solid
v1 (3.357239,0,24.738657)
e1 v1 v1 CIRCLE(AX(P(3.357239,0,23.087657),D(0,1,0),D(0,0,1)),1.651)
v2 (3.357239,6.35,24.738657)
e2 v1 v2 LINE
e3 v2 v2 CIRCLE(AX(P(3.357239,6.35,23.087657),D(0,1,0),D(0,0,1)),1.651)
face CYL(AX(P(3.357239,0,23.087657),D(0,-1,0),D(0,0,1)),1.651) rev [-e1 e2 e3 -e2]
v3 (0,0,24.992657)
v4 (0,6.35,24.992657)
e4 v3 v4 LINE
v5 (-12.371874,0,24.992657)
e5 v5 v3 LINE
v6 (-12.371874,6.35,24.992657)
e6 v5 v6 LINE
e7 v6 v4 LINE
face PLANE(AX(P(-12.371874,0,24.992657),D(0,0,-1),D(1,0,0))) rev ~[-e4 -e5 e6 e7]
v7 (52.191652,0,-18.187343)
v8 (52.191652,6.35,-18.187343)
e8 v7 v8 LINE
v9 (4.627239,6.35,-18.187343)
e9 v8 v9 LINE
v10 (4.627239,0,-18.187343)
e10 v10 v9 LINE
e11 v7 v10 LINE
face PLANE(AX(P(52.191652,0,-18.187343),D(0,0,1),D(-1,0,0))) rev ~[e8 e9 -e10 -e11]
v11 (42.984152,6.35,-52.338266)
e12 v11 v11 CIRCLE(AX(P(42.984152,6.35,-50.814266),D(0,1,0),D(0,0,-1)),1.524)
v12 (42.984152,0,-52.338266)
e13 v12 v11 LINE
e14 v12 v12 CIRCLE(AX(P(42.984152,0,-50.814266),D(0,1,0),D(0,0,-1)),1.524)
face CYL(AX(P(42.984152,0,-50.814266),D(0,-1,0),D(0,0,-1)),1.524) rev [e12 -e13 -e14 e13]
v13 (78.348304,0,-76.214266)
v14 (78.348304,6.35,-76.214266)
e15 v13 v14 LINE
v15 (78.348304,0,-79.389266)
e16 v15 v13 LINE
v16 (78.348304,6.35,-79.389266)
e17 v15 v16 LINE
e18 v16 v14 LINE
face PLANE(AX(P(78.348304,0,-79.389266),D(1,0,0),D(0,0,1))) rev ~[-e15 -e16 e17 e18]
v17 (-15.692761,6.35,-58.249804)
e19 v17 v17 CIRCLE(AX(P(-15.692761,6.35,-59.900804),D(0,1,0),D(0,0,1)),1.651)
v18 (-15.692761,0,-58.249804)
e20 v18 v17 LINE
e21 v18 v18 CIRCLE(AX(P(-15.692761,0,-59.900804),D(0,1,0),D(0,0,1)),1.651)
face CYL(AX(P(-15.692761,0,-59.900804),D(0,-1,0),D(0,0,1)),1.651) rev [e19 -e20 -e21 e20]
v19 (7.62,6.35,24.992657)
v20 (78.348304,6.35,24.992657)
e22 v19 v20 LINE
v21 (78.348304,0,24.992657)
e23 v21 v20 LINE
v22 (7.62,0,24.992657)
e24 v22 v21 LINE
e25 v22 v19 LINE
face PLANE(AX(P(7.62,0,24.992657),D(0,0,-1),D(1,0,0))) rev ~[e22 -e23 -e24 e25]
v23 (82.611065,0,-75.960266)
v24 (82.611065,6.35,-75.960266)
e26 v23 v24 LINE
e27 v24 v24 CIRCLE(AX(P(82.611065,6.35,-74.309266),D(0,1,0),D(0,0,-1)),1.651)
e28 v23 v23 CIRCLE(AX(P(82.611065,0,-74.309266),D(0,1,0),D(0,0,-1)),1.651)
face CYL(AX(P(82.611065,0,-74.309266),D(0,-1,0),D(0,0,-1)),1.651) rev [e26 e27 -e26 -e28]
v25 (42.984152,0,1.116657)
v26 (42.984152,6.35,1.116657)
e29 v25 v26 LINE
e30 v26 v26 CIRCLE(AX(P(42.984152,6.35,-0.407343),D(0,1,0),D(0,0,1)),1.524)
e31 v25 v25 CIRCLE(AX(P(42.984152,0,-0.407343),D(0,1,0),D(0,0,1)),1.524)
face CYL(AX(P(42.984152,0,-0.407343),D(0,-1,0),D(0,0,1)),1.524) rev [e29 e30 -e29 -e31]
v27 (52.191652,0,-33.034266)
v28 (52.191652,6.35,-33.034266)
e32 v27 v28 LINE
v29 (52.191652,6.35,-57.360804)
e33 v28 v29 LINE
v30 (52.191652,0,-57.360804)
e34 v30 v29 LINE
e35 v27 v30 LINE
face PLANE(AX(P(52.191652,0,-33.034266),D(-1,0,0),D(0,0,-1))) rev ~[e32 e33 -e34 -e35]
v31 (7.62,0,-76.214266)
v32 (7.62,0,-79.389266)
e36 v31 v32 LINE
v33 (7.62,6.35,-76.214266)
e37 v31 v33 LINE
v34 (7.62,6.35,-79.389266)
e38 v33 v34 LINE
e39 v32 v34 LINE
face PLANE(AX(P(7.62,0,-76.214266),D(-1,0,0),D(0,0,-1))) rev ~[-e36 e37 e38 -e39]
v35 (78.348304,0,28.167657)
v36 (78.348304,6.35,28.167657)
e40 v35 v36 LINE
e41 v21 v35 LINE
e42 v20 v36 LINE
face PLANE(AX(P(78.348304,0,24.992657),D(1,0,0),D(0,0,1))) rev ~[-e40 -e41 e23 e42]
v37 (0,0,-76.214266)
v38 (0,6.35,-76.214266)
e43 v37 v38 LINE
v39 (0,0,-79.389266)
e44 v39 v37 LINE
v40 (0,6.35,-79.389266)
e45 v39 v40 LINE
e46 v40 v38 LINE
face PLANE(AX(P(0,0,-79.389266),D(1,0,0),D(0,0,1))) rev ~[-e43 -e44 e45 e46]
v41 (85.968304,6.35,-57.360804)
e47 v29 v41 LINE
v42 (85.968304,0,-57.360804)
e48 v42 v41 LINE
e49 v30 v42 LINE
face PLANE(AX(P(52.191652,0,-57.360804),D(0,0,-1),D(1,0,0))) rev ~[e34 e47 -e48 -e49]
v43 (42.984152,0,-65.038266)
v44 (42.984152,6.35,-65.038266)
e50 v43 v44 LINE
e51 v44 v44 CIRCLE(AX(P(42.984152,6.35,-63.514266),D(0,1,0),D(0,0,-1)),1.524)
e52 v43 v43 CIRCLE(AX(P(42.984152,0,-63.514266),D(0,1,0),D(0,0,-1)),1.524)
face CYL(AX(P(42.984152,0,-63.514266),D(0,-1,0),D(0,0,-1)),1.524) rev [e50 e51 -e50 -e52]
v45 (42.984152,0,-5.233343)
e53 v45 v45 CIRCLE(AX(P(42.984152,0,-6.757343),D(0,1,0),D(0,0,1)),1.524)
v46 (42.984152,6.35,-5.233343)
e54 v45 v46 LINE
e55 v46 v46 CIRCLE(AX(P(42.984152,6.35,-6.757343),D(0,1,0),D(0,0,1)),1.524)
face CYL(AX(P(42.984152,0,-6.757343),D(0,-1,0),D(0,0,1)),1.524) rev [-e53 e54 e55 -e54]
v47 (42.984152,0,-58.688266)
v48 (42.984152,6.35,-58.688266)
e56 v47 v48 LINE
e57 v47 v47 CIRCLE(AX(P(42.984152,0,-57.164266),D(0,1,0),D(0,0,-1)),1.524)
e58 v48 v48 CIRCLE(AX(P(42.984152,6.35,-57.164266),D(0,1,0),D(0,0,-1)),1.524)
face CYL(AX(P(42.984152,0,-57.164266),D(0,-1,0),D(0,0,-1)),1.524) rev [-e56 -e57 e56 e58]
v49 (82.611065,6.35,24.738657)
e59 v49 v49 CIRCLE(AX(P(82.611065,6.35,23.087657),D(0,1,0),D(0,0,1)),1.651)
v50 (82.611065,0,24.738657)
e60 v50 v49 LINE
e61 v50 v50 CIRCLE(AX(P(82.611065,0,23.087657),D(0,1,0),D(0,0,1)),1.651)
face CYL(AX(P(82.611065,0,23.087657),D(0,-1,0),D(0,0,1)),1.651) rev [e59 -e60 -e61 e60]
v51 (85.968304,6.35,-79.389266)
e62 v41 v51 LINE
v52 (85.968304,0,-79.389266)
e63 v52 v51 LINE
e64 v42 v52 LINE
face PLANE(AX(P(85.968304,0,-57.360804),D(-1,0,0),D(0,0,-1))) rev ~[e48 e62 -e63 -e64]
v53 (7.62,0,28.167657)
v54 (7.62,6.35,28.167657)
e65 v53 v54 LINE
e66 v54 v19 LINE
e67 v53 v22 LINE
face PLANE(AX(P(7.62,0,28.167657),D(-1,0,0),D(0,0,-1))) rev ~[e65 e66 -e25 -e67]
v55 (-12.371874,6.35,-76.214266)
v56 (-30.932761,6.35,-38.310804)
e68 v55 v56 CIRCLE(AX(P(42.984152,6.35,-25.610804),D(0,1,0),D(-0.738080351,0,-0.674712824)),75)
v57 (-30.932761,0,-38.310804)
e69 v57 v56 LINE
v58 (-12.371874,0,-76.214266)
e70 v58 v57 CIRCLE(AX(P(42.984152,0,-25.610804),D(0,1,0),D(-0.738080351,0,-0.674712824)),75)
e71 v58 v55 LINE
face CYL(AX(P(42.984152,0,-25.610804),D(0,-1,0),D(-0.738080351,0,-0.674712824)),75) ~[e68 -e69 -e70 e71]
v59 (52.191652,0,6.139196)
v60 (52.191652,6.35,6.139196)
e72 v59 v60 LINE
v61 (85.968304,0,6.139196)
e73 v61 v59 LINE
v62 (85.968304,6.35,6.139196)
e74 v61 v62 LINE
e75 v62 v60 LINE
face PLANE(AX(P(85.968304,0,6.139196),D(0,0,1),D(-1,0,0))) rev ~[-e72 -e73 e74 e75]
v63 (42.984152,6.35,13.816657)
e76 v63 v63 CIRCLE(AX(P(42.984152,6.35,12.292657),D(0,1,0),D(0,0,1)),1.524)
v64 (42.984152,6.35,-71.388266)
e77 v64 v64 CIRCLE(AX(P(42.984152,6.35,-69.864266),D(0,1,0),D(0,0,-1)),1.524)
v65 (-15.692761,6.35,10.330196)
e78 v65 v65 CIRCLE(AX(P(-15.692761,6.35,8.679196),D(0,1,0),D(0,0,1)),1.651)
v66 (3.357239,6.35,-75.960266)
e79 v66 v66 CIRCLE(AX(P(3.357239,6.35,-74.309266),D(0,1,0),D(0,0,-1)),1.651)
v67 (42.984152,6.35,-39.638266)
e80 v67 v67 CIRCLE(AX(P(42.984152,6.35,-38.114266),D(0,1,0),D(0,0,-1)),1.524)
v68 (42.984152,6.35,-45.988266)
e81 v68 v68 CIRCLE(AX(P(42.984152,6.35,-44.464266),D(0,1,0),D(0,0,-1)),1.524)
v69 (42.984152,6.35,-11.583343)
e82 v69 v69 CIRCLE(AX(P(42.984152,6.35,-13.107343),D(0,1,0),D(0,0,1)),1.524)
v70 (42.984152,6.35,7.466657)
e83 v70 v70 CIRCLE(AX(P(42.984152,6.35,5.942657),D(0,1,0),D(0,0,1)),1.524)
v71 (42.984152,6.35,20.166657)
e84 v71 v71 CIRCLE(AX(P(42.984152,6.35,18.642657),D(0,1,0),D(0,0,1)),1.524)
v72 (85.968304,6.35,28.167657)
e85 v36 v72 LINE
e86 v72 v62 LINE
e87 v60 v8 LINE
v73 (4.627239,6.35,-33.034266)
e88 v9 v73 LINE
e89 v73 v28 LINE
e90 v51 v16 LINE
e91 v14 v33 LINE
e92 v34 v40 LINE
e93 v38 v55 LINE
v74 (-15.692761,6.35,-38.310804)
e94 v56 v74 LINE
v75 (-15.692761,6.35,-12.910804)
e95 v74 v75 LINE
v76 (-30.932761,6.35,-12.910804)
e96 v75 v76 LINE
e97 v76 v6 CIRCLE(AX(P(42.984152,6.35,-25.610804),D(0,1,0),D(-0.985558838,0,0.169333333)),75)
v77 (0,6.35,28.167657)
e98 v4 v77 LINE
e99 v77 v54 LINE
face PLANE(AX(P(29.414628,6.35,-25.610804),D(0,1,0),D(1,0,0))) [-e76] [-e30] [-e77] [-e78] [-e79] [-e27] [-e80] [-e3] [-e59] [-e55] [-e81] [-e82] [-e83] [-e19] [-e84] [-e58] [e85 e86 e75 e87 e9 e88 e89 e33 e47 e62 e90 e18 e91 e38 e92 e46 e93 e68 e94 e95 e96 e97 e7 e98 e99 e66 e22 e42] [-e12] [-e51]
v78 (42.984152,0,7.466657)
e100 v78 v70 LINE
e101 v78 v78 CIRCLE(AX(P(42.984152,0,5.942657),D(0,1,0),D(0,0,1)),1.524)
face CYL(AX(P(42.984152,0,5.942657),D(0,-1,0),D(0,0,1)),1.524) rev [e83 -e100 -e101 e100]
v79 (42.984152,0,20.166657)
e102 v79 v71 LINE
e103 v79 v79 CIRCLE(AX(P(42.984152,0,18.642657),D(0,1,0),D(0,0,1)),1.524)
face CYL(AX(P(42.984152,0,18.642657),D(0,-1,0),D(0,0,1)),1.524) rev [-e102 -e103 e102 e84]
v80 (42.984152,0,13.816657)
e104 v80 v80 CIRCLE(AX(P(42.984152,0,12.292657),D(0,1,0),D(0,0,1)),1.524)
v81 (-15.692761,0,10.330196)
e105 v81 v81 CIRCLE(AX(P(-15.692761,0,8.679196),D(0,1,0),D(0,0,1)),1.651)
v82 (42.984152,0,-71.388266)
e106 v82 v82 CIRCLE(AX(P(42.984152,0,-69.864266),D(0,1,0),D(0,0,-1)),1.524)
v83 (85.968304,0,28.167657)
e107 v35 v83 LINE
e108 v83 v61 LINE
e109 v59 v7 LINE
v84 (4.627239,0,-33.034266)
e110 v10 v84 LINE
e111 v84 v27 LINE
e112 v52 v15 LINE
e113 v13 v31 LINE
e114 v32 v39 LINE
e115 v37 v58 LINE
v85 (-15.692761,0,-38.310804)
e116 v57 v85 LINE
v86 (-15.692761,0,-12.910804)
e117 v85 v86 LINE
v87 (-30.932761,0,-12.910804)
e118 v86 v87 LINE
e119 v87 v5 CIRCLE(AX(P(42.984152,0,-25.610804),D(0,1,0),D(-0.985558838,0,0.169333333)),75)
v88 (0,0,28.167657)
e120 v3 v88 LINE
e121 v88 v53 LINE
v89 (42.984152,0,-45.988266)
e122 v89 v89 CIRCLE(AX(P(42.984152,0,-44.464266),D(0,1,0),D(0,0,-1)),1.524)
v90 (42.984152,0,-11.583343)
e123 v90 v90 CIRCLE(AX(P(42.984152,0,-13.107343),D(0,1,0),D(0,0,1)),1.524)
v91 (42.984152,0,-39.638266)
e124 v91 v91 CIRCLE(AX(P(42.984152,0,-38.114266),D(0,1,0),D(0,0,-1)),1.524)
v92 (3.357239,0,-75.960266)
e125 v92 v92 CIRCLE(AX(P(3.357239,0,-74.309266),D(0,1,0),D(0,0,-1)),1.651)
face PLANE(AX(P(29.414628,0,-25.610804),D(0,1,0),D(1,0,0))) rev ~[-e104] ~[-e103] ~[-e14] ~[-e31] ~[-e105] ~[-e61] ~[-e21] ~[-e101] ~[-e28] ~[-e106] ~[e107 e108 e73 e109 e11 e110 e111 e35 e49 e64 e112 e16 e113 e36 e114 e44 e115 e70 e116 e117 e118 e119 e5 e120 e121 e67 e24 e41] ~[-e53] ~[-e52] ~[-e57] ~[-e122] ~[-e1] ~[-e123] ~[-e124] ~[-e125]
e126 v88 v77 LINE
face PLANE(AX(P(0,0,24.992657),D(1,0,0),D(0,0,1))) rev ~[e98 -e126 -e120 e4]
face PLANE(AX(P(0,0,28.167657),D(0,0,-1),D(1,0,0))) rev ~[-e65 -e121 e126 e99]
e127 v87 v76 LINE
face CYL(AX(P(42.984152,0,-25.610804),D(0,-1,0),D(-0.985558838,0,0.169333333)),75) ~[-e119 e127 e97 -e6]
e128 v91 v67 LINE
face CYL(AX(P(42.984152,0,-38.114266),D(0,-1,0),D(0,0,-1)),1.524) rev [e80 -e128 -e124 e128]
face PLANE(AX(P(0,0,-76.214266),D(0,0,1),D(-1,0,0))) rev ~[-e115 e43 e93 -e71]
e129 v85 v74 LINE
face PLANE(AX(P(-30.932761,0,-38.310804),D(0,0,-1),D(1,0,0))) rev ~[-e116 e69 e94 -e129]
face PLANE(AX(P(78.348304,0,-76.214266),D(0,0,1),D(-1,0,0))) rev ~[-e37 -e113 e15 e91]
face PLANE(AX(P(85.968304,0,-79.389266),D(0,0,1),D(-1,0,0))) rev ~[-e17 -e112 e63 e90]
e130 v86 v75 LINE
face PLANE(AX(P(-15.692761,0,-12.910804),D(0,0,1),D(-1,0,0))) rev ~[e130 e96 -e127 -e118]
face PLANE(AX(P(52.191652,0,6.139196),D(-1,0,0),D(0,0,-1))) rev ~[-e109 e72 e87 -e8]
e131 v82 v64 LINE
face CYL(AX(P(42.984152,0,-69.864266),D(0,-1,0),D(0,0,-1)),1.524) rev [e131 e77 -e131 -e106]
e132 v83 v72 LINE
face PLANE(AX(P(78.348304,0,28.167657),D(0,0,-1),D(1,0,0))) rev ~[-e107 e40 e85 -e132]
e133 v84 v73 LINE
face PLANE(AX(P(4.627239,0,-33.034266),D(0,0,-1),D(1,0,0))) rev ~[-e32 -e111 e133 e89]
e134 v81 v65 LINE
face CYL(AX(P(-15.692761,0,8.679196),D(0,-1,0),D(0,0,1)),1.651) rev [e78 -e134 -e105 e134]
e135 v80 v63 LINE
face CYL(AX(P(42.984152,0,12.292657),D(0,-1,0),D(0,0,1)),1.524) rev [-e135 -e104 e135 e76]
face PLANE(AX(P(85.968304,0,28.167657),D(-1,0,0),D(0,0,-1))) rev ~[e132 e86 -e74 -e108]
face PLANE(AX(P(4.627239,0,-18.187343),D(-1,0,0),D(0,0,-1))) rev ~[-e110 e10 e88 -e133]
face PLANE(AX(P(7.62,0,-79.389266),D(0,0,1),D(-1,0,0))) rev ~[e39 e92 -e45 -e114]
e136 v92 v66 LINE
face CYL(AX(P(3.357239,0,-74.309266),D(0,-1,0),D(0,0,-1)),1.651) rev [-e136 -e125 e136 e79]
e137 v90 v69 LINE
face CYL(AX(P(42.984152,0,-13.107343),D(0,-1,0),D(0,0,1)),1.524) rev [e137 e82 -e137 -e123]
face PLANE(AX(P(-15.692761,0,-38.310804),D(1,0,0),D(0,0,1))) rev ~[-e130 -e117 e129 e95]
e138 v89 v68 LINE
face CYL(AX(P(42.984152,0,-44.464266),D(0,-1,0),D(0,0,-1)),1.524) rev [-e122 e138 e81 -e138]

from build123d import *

# Parameters (mm, degrees)
SKETCH1_R           = 1.651
SKETCH1_R_2         = 1.524
BOSS_EXTRUDE1_DEPTH = 6.35


with BuildPart() as part:
    # Sketch1 → Boss-Extrude1 (new body)
    with BuildSketch(Plane(origin=(0, 0, 0), x_dir=(1, 0, 0), z_dir=(0, 1, 0))):
        with BuildLine():
            Line((33.776652136, 18.187342636), (4.627239322, 18.187342636))
            Line((4.627239322, 18.187342636), (4.627239322, 33.034266248))
            Line((4.627239322, 33.034266248), (33.776652136, 33.034266248))
            Line((33.776652136, 33.034266248), (52.191652136, 33.034266248))
            Line((52.191652136, 33.034266248), (52.191652136, 57.360804442))
            Line((52.191652136, 57.360804442), (85.968304273, 57.360804442))
            Line((85.968304273, 57.360804442), (85.968304273, 76.214266248))
            Line((85.968304273, 76.214266248), (85.968304273, 79.389266248))
            Line((85.968304273, 79.389266248), (78.348304273, 79.389266248))
            Line((78.348304273, 79.389266248), (78.348304273, 76.214266248))
            Line((78.348304273, 76.214266248), (7.62, 76.214266248))
            Line((7.62, 76.214266248), (7.62, 79.389266248))
            Line((7.62, 79.389266248), (0, 79.389266248))
            Line((0, 79.389266248), (0, 76.214266248))
            Line((0, 76.214266248), (-12.371874213, 76.214266248))
            ThreePointArc((-12.371874213, 76.214266248), (-24.373410945, 58.595023332), (-30.932760678, 38.310804442))
            Line((-30.932760678, 38.310804442), (-15.692760678, 38.310804442))
            Line((-15.692760678, 38.310804442), (-15.692760678, 12.910804442))
            Line((-15.692760678, 12.910804442), (-30.932760678, 12.910804442))
            ThreePointArc((-30.932760678, 12.910804442), (-24.373410945, -7.373414447), (-12.371874213, -24.992657364))
            Line((-12.371874213, -24.992657364), (0, -24.992657364))
            Line((0, -24.992657364), (0, -28.167657364))
            Line((0, -28.167657364), (7.62, -28.167657364))
            Line((7.62, -28.167657364), (7.62, -24.992657364))
            Line((7.62, -24.992657364), (78.348304273, -24.992657364))
            Line((78.348304273, -24.992657364), (78.348304273, -28.167657364))
            Line((78.348304273, -28.167657364), (85.968304273, -28.167657364))
            Line((85.968304273, -28.167657364), (85.968304273, -24.992657364))
            Line((85.968304273, -24.992657364), (85.968304273, -6.139195558))
            Line((85.968304273, -6.139195558), (52.191652136, -6.139195558))
            Line((52.191652136, -6.139195558), (52.191652136, 18.187342636))
            Line((52.191652136, 18.187342636), (33.776652136, 18.187342636))
        make_face()
        with Locations(Location((3.357239322, -23.087657364, 0), (0, 0, 270))):
            Circle(SKETCH1_R, mode=Mode.SUBTRACT)
        with Locations(Location((82.611064951, -23.087657364, 0), (0, 0, 270))):
            Circle(SKETCH1_R, mode=Mode.SUBTRACT)
        with Locations(Location((42.984152136, -12.292657364, 0), (0, 0, 270))):
            Circle(SKETCH1_R_2, mode=Mode.SUBTRACT)
        with Locations(Location((42.984152136, -18.642657364, 0), (0, 0, 270))):
            Circle(SKETCH1_R_2, mode=Mode.SUBTRACT)
        with Locations(Location((42.984152136, -5.942657364, 0), (0, 0, 270))):
            Circle(SKETCH1_R_2, mode=Mode.SUBTRACT)
        with Locations(Location((42.984152136, 0.407342636, 0), (0, 0, 270))):
            Circle(SKETCH1_R_2, mode=Mode.SUBTRACT)
        with Locations(Location((42.984152136, 6.757342636, 0), (0, 0, 270))):
            Circle(SKETCH1_R_2, mode=Mode.SUBTRACT)
        with Locations(Location((42.984152136, 13.107342636, 0), (0, 0, 270))):
            Circle(SKETCH1_R_2, mode=Mode.SUBTRACT)
        with Locations(Location((42.984152136, 38.114266248, 0), (0, 0, 90))):
            Circle(SKETCH1_R_2, mode=Mode.SUBTRACT)
        with Locations(Location((82.611064951, 74.309266248, 0), (0, 0, 90))):
            Circle(SKETCH1_R, mode=Mode.SUBTRACT)
        with Locations(Location((3.357239322, 74.309266248, 0), (0, 0, 90))):
            Circle(SKETCH1_R, mode=Mode.SUBTRACT)
        with Locations(Location((-15.692760678, 59.900804442, 0), (0, 0, 270))):
            Circle(SKETCH1_R, mode=Mode.SUBTRACT)
        with Locations(Location((-15.692760678, -8.679195558, 0), (0, 0, 270))):
            Circle(SKETCH1_R, mode=Mode.SUBTRACT)
        with Locations(Location((42.984152136, 44.464266248, 0), (0, 0, 90))):
            Circle(SKETCH1_R_2, mode=Mode.SUBTRACT)
        with Locations(Location((42.984152136, 50.814266248, 0), (0, 0, 90))):
            Circle(SKETCH1_R_2, mode=Mode.SUBTRACT)
        with Locations(Location((42.984152136, 57.164266248, 0), (0, 0, 90))):
            Circle(SKETCH1_R_2, mode=Mode.SUBTRACT)
        with Locations(Location((42.984152136, 63.514266248, 0), (0, 0, 90))):
            Circle(SKETCH1_R_2, mode=Mode.SUBTRACT)
        with Locations(Location((42.984152136, 69.864266248, 0), (0, 0, 90))):
            Circle(SKETCH1_R_2, mode=Mode.SUBTRACT)
    extrude(amount=BOSS_EXTRUDE1_DEPTH)


solid = part.part
